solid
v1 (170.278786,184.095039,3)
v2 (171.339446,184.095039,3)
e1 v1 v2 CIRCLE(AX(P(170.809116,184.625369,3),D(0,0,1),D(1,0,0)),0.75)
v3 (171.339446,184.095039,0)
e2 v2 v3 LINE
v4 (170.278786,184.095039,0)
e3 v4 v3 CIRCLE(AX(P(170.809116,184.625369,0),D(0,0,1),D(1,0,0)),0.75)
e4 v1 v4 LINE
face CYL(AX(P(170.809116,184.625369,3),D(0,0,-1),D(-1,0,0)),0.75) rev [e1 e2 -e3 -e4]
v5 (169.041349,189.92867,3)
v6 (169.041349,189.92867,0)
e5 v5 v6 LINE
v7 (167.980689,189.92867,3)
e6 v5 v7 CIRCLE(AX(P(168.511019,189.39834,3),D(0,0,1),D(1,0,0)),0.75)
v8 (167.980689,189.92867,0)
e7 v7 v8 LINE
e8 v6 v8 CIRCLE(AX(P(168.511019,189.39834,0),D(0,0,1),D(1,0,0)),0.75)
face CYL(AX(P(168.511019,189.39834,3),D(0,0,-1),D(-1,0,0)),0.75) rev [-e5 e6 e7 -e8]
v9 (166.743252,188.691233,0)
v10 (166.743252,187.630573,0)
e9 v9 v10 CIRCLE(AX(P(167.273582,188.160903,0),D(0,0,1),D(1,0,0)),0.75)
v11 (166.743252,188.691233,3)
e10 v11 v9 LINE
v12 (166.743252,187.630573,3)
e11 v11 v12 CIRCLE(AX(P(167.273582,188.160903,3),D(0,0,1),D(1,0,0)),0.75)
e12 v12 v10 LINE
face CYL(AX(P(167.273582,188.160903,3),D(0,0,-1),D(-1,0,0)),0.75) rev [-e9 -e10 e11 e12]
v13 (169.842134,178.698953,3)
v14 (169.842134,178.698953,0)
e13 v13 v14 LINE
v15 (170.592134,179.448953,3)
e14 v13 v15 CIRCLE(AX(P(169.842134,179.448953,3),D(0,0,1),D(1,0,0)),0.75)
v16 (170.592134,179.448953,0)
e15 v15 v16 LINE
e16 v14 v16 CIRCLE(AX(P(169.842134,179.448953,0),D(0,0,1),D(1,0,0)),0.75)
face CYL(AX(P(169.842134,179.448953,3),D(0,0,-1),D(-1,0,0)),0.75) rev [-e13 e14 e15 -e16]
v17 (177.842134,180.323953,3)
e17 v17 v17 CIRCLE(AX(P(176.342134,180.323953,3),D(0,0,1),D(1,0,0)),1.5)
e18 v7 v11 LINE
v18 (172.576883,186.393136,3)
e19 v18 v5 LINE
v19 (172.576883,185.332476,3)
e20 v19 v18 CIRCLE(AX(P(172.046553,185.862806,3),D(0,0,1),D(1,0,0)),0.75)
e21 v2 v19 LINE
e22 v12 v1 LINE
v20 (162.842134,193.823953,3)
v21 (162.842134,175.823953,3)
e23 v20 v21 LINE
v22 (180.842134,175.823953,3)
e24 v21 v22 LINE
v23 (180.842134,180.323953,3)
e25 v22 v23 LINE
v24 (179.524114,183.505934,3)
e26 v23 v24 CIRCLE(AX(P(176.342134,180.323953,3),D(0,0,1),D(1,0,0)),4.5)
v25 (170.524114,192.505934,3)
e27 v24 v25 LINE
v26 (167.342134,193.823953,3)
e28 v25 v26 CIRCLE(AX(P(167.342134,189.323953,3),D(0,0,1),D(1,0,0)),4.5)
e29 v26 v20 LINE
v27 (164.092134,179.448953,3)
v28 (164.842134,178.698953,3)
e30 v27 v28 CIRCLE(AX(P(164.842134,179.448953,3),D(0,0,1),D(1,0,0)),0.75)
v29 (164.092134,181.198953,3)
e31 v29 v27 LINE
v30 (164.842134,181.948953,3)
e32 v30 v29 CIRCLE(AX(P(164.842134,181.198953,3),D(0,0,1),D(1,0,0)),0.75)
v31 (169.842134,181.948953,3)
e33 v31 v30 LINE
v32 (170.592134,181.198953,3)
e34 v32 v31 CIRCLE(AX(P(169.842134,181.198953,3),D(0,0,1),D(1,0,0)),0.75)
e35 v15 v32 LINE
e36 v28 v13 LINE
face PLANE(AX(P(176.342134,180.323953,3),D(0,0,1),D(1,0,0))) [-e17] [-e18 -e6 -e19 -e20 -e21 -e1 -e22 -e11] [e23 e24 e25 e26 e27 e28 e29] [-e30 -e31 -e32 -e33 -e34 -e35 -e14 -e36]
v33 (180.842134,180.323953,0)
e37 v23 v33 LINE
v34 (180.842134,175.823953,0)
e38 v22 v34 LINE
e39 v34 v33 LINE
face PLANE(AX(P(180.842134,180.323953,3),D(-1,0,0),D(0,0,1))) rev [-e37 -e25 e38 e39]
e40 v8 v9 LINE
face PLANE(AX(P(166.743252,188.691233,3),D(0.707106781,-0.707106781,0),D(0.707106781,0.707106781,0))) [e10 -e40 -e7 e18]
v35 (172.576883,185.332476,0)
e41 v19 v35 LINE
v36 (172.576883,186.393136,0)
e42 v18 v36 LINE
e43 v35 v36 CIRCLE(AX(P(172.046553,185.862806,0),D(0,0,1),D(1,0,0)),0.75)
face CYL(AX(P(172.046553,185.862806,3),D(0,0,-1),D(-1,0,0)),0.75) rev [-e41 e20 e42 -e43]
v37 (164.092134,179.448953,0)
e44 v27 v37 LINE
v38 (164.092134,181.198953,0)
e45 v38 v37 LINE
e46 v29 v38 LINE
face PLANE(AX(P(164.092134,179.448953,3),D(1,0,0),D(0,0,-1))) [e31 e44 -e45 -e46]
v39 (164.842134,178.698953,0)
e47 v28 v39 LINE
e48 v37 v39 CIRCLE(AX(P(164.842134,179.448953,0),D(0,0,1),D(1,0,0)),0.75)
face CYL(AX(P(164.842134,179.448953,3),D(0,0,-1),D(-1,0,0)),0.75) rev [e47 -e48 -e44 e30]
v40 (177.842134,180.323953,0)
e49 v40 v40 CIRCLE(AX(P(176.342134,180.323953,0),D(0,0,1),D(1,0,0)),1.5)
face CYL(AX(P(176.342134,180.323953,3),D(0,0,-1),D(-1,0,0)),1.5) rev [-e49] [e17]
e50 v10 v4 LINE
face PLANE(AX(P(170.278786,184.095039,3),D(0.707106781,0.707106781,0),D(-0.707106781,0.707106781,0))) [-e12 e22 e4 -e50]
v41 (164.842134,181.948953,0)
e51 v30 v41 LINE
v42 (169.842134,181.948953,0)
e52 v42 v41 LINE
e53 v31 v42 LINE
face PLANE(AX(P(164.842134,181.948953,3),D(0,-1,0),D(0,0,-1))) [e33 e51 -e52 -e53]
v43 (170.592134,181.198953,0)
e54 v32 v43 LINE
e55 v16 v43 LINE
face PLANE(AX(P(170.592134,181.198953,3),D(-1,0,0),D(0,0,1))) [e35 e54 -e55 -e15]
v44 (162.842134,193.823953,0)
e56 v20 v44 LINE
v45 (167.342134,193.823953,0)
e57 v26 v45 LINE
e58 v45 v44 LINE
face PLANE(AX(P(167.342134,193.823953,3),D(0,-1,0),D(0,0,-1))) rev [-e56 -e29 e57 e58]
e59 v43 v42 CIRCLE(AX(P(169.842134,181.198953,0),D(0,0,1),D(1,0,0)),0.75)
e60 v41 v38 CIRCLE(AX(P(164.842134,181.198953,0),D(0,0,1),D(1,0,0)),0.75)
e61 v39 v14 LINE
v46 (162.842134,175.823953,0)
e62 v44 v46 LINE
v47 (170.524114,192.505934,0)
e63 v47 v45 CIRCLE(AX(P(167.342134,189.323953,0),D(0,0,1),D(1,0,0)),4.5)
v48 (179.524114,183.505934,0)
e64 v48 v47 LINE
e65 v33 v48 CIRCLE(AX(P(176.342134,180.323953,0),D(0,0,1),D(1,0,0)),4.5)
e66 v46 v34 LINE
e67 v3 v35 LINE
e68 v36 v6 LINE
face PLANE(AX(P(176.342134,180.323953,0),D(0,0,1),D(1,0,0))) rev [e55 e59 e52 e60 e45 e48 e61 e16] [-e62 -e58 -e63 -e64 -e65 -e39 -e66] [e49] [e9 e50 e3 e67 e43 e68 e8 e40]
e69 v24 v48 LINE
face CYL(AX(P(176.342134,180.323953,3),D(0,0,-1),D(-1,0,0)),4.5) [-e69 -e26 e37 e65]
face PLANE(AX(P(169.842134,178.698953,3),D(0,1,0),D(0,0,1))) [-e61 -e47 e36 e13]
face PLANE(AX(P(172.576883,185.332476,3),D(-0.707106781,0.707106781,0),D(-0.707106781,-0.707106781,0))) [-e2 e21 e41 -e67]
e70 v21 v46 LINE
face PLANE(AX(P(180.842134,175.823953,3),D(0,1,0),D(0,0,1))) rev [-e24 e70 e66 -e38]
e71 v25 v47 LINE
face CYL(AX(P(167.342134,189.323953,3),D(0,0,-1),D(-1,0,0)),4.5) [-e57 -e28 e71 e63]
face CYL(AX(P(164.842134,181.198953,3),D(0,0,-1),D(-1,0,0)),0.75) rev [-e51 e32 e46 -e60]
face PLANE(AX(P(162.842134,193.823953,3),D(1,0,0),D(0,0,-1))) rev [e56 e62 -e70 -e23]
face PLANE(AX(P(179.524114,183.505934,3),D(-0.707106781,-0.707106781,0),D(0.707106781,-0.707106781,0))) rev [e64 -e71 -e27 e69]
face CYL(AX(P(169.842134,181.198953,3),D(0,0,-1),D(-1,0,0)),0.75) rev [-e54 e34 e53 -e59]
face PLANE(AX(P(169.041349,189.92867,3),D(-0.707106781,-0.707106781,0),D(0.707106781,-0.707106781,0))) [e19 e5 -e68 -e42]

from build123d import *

# Parameters (mm, degrees)
MODEL_R                 = 1.5
SALIENTE_EXTRUIR1_DEPTH = 3


with BuildPart() as part:
    # Model → Saliente-Extruir1 (new body)
    with BuildSketch(Plane.XY):
        with BuildLine():
            Line((180.84213351, 175.823953209), (162.84213351, 175.823953209))
            Line((162.84213351, 175.823953209), (162.84213351, 193.823953209))
            Line((162.84213351, 193.823953209), (167.34213351, 193.823953209))
            ThreePointArc((167.34213351, 193.823953209), (169.064208955, 193.481411105), (170.524114025, 192.505933724))
            Line((170.524114025, 192.505933724), (179.524114025, 183.505933724))
            ThreePointArc((179.524114025, 183.505933724), (180.499591406, 182.046028655), (180.84213351, 180.323953209))
            Line((180.84213351, 180.323953209), (180.84213351, 175.823953209))
        make_face()
        with Locations((176.34213351, 180.323953209)):
            Circle(MODEL_R, mode=Mode.SUBTRACT)
        with BuildLine():
            Line((164.84213351, 181.948953209), (169.84213351, 181.948953209))
            ThreePointArc((169.84213351, 181.948953209), (170.372463595, 181.729283295), (170.59213351, 181.198953209))
            Line((170.59213351, 181.198953209), (170.59213351, 179.448953209))
            ThreePointArc((170.59213351, 179.448953209), (170.372463595, 178.918623123), (169.84213351, 178.698953209))
            Line((169.84213351, 178.698953209), (164.84213351, 178.698953209))
            ThreePointArc((164.84213351, 178.698953209), (164.311803424, 178.918623123), (164.09213351, 179.448953209))
            Line((164.09213351, 179.448953209), (164.09213351, 181.198953209))
            ThreePointArc((164.09213351, 181.198953209), (164.311803424, 181.729283295), (164.84213351, 181.948953209))
        make_face(mode=Mode.SUBTRACT)
        with BuildLine():
            Line((169.041348982, 189.928670304), (172.576882888, 186.393136398))
            ThreePointArc((172.576882888, 186.393136398), (172.796552802, 185.862806312), (172.576882888, 185.332476227))
            Line((172.576882888, 185.332476227), (171.339446021, 184.095039359))
            ThreePointArc((171.339446021, 184.095039359), (170.809115935, 183.875369445), (170.278785849, 184.095039359))
            Line((170.278785849, 184.095039359), (166.743251943, 187.630573265))
            ThreePointArc((166.743251943, 187.630573265), (166.523582029, 188.160903351), (166.743251943, 188.691233437))
            Line((166.743251943, 188.691233437), (167.98068881, 189.928670304))
            ThreePointArc((167.98068881, 189.928670304), (168.511018896, 190.148340218), (169.041348982, 189.928670304))
        make_face(mode=Mode.SUBTRACT)
    extrude(amount=SALIENTE_EXTRUIR1_DEPTH)


solid = part.part
